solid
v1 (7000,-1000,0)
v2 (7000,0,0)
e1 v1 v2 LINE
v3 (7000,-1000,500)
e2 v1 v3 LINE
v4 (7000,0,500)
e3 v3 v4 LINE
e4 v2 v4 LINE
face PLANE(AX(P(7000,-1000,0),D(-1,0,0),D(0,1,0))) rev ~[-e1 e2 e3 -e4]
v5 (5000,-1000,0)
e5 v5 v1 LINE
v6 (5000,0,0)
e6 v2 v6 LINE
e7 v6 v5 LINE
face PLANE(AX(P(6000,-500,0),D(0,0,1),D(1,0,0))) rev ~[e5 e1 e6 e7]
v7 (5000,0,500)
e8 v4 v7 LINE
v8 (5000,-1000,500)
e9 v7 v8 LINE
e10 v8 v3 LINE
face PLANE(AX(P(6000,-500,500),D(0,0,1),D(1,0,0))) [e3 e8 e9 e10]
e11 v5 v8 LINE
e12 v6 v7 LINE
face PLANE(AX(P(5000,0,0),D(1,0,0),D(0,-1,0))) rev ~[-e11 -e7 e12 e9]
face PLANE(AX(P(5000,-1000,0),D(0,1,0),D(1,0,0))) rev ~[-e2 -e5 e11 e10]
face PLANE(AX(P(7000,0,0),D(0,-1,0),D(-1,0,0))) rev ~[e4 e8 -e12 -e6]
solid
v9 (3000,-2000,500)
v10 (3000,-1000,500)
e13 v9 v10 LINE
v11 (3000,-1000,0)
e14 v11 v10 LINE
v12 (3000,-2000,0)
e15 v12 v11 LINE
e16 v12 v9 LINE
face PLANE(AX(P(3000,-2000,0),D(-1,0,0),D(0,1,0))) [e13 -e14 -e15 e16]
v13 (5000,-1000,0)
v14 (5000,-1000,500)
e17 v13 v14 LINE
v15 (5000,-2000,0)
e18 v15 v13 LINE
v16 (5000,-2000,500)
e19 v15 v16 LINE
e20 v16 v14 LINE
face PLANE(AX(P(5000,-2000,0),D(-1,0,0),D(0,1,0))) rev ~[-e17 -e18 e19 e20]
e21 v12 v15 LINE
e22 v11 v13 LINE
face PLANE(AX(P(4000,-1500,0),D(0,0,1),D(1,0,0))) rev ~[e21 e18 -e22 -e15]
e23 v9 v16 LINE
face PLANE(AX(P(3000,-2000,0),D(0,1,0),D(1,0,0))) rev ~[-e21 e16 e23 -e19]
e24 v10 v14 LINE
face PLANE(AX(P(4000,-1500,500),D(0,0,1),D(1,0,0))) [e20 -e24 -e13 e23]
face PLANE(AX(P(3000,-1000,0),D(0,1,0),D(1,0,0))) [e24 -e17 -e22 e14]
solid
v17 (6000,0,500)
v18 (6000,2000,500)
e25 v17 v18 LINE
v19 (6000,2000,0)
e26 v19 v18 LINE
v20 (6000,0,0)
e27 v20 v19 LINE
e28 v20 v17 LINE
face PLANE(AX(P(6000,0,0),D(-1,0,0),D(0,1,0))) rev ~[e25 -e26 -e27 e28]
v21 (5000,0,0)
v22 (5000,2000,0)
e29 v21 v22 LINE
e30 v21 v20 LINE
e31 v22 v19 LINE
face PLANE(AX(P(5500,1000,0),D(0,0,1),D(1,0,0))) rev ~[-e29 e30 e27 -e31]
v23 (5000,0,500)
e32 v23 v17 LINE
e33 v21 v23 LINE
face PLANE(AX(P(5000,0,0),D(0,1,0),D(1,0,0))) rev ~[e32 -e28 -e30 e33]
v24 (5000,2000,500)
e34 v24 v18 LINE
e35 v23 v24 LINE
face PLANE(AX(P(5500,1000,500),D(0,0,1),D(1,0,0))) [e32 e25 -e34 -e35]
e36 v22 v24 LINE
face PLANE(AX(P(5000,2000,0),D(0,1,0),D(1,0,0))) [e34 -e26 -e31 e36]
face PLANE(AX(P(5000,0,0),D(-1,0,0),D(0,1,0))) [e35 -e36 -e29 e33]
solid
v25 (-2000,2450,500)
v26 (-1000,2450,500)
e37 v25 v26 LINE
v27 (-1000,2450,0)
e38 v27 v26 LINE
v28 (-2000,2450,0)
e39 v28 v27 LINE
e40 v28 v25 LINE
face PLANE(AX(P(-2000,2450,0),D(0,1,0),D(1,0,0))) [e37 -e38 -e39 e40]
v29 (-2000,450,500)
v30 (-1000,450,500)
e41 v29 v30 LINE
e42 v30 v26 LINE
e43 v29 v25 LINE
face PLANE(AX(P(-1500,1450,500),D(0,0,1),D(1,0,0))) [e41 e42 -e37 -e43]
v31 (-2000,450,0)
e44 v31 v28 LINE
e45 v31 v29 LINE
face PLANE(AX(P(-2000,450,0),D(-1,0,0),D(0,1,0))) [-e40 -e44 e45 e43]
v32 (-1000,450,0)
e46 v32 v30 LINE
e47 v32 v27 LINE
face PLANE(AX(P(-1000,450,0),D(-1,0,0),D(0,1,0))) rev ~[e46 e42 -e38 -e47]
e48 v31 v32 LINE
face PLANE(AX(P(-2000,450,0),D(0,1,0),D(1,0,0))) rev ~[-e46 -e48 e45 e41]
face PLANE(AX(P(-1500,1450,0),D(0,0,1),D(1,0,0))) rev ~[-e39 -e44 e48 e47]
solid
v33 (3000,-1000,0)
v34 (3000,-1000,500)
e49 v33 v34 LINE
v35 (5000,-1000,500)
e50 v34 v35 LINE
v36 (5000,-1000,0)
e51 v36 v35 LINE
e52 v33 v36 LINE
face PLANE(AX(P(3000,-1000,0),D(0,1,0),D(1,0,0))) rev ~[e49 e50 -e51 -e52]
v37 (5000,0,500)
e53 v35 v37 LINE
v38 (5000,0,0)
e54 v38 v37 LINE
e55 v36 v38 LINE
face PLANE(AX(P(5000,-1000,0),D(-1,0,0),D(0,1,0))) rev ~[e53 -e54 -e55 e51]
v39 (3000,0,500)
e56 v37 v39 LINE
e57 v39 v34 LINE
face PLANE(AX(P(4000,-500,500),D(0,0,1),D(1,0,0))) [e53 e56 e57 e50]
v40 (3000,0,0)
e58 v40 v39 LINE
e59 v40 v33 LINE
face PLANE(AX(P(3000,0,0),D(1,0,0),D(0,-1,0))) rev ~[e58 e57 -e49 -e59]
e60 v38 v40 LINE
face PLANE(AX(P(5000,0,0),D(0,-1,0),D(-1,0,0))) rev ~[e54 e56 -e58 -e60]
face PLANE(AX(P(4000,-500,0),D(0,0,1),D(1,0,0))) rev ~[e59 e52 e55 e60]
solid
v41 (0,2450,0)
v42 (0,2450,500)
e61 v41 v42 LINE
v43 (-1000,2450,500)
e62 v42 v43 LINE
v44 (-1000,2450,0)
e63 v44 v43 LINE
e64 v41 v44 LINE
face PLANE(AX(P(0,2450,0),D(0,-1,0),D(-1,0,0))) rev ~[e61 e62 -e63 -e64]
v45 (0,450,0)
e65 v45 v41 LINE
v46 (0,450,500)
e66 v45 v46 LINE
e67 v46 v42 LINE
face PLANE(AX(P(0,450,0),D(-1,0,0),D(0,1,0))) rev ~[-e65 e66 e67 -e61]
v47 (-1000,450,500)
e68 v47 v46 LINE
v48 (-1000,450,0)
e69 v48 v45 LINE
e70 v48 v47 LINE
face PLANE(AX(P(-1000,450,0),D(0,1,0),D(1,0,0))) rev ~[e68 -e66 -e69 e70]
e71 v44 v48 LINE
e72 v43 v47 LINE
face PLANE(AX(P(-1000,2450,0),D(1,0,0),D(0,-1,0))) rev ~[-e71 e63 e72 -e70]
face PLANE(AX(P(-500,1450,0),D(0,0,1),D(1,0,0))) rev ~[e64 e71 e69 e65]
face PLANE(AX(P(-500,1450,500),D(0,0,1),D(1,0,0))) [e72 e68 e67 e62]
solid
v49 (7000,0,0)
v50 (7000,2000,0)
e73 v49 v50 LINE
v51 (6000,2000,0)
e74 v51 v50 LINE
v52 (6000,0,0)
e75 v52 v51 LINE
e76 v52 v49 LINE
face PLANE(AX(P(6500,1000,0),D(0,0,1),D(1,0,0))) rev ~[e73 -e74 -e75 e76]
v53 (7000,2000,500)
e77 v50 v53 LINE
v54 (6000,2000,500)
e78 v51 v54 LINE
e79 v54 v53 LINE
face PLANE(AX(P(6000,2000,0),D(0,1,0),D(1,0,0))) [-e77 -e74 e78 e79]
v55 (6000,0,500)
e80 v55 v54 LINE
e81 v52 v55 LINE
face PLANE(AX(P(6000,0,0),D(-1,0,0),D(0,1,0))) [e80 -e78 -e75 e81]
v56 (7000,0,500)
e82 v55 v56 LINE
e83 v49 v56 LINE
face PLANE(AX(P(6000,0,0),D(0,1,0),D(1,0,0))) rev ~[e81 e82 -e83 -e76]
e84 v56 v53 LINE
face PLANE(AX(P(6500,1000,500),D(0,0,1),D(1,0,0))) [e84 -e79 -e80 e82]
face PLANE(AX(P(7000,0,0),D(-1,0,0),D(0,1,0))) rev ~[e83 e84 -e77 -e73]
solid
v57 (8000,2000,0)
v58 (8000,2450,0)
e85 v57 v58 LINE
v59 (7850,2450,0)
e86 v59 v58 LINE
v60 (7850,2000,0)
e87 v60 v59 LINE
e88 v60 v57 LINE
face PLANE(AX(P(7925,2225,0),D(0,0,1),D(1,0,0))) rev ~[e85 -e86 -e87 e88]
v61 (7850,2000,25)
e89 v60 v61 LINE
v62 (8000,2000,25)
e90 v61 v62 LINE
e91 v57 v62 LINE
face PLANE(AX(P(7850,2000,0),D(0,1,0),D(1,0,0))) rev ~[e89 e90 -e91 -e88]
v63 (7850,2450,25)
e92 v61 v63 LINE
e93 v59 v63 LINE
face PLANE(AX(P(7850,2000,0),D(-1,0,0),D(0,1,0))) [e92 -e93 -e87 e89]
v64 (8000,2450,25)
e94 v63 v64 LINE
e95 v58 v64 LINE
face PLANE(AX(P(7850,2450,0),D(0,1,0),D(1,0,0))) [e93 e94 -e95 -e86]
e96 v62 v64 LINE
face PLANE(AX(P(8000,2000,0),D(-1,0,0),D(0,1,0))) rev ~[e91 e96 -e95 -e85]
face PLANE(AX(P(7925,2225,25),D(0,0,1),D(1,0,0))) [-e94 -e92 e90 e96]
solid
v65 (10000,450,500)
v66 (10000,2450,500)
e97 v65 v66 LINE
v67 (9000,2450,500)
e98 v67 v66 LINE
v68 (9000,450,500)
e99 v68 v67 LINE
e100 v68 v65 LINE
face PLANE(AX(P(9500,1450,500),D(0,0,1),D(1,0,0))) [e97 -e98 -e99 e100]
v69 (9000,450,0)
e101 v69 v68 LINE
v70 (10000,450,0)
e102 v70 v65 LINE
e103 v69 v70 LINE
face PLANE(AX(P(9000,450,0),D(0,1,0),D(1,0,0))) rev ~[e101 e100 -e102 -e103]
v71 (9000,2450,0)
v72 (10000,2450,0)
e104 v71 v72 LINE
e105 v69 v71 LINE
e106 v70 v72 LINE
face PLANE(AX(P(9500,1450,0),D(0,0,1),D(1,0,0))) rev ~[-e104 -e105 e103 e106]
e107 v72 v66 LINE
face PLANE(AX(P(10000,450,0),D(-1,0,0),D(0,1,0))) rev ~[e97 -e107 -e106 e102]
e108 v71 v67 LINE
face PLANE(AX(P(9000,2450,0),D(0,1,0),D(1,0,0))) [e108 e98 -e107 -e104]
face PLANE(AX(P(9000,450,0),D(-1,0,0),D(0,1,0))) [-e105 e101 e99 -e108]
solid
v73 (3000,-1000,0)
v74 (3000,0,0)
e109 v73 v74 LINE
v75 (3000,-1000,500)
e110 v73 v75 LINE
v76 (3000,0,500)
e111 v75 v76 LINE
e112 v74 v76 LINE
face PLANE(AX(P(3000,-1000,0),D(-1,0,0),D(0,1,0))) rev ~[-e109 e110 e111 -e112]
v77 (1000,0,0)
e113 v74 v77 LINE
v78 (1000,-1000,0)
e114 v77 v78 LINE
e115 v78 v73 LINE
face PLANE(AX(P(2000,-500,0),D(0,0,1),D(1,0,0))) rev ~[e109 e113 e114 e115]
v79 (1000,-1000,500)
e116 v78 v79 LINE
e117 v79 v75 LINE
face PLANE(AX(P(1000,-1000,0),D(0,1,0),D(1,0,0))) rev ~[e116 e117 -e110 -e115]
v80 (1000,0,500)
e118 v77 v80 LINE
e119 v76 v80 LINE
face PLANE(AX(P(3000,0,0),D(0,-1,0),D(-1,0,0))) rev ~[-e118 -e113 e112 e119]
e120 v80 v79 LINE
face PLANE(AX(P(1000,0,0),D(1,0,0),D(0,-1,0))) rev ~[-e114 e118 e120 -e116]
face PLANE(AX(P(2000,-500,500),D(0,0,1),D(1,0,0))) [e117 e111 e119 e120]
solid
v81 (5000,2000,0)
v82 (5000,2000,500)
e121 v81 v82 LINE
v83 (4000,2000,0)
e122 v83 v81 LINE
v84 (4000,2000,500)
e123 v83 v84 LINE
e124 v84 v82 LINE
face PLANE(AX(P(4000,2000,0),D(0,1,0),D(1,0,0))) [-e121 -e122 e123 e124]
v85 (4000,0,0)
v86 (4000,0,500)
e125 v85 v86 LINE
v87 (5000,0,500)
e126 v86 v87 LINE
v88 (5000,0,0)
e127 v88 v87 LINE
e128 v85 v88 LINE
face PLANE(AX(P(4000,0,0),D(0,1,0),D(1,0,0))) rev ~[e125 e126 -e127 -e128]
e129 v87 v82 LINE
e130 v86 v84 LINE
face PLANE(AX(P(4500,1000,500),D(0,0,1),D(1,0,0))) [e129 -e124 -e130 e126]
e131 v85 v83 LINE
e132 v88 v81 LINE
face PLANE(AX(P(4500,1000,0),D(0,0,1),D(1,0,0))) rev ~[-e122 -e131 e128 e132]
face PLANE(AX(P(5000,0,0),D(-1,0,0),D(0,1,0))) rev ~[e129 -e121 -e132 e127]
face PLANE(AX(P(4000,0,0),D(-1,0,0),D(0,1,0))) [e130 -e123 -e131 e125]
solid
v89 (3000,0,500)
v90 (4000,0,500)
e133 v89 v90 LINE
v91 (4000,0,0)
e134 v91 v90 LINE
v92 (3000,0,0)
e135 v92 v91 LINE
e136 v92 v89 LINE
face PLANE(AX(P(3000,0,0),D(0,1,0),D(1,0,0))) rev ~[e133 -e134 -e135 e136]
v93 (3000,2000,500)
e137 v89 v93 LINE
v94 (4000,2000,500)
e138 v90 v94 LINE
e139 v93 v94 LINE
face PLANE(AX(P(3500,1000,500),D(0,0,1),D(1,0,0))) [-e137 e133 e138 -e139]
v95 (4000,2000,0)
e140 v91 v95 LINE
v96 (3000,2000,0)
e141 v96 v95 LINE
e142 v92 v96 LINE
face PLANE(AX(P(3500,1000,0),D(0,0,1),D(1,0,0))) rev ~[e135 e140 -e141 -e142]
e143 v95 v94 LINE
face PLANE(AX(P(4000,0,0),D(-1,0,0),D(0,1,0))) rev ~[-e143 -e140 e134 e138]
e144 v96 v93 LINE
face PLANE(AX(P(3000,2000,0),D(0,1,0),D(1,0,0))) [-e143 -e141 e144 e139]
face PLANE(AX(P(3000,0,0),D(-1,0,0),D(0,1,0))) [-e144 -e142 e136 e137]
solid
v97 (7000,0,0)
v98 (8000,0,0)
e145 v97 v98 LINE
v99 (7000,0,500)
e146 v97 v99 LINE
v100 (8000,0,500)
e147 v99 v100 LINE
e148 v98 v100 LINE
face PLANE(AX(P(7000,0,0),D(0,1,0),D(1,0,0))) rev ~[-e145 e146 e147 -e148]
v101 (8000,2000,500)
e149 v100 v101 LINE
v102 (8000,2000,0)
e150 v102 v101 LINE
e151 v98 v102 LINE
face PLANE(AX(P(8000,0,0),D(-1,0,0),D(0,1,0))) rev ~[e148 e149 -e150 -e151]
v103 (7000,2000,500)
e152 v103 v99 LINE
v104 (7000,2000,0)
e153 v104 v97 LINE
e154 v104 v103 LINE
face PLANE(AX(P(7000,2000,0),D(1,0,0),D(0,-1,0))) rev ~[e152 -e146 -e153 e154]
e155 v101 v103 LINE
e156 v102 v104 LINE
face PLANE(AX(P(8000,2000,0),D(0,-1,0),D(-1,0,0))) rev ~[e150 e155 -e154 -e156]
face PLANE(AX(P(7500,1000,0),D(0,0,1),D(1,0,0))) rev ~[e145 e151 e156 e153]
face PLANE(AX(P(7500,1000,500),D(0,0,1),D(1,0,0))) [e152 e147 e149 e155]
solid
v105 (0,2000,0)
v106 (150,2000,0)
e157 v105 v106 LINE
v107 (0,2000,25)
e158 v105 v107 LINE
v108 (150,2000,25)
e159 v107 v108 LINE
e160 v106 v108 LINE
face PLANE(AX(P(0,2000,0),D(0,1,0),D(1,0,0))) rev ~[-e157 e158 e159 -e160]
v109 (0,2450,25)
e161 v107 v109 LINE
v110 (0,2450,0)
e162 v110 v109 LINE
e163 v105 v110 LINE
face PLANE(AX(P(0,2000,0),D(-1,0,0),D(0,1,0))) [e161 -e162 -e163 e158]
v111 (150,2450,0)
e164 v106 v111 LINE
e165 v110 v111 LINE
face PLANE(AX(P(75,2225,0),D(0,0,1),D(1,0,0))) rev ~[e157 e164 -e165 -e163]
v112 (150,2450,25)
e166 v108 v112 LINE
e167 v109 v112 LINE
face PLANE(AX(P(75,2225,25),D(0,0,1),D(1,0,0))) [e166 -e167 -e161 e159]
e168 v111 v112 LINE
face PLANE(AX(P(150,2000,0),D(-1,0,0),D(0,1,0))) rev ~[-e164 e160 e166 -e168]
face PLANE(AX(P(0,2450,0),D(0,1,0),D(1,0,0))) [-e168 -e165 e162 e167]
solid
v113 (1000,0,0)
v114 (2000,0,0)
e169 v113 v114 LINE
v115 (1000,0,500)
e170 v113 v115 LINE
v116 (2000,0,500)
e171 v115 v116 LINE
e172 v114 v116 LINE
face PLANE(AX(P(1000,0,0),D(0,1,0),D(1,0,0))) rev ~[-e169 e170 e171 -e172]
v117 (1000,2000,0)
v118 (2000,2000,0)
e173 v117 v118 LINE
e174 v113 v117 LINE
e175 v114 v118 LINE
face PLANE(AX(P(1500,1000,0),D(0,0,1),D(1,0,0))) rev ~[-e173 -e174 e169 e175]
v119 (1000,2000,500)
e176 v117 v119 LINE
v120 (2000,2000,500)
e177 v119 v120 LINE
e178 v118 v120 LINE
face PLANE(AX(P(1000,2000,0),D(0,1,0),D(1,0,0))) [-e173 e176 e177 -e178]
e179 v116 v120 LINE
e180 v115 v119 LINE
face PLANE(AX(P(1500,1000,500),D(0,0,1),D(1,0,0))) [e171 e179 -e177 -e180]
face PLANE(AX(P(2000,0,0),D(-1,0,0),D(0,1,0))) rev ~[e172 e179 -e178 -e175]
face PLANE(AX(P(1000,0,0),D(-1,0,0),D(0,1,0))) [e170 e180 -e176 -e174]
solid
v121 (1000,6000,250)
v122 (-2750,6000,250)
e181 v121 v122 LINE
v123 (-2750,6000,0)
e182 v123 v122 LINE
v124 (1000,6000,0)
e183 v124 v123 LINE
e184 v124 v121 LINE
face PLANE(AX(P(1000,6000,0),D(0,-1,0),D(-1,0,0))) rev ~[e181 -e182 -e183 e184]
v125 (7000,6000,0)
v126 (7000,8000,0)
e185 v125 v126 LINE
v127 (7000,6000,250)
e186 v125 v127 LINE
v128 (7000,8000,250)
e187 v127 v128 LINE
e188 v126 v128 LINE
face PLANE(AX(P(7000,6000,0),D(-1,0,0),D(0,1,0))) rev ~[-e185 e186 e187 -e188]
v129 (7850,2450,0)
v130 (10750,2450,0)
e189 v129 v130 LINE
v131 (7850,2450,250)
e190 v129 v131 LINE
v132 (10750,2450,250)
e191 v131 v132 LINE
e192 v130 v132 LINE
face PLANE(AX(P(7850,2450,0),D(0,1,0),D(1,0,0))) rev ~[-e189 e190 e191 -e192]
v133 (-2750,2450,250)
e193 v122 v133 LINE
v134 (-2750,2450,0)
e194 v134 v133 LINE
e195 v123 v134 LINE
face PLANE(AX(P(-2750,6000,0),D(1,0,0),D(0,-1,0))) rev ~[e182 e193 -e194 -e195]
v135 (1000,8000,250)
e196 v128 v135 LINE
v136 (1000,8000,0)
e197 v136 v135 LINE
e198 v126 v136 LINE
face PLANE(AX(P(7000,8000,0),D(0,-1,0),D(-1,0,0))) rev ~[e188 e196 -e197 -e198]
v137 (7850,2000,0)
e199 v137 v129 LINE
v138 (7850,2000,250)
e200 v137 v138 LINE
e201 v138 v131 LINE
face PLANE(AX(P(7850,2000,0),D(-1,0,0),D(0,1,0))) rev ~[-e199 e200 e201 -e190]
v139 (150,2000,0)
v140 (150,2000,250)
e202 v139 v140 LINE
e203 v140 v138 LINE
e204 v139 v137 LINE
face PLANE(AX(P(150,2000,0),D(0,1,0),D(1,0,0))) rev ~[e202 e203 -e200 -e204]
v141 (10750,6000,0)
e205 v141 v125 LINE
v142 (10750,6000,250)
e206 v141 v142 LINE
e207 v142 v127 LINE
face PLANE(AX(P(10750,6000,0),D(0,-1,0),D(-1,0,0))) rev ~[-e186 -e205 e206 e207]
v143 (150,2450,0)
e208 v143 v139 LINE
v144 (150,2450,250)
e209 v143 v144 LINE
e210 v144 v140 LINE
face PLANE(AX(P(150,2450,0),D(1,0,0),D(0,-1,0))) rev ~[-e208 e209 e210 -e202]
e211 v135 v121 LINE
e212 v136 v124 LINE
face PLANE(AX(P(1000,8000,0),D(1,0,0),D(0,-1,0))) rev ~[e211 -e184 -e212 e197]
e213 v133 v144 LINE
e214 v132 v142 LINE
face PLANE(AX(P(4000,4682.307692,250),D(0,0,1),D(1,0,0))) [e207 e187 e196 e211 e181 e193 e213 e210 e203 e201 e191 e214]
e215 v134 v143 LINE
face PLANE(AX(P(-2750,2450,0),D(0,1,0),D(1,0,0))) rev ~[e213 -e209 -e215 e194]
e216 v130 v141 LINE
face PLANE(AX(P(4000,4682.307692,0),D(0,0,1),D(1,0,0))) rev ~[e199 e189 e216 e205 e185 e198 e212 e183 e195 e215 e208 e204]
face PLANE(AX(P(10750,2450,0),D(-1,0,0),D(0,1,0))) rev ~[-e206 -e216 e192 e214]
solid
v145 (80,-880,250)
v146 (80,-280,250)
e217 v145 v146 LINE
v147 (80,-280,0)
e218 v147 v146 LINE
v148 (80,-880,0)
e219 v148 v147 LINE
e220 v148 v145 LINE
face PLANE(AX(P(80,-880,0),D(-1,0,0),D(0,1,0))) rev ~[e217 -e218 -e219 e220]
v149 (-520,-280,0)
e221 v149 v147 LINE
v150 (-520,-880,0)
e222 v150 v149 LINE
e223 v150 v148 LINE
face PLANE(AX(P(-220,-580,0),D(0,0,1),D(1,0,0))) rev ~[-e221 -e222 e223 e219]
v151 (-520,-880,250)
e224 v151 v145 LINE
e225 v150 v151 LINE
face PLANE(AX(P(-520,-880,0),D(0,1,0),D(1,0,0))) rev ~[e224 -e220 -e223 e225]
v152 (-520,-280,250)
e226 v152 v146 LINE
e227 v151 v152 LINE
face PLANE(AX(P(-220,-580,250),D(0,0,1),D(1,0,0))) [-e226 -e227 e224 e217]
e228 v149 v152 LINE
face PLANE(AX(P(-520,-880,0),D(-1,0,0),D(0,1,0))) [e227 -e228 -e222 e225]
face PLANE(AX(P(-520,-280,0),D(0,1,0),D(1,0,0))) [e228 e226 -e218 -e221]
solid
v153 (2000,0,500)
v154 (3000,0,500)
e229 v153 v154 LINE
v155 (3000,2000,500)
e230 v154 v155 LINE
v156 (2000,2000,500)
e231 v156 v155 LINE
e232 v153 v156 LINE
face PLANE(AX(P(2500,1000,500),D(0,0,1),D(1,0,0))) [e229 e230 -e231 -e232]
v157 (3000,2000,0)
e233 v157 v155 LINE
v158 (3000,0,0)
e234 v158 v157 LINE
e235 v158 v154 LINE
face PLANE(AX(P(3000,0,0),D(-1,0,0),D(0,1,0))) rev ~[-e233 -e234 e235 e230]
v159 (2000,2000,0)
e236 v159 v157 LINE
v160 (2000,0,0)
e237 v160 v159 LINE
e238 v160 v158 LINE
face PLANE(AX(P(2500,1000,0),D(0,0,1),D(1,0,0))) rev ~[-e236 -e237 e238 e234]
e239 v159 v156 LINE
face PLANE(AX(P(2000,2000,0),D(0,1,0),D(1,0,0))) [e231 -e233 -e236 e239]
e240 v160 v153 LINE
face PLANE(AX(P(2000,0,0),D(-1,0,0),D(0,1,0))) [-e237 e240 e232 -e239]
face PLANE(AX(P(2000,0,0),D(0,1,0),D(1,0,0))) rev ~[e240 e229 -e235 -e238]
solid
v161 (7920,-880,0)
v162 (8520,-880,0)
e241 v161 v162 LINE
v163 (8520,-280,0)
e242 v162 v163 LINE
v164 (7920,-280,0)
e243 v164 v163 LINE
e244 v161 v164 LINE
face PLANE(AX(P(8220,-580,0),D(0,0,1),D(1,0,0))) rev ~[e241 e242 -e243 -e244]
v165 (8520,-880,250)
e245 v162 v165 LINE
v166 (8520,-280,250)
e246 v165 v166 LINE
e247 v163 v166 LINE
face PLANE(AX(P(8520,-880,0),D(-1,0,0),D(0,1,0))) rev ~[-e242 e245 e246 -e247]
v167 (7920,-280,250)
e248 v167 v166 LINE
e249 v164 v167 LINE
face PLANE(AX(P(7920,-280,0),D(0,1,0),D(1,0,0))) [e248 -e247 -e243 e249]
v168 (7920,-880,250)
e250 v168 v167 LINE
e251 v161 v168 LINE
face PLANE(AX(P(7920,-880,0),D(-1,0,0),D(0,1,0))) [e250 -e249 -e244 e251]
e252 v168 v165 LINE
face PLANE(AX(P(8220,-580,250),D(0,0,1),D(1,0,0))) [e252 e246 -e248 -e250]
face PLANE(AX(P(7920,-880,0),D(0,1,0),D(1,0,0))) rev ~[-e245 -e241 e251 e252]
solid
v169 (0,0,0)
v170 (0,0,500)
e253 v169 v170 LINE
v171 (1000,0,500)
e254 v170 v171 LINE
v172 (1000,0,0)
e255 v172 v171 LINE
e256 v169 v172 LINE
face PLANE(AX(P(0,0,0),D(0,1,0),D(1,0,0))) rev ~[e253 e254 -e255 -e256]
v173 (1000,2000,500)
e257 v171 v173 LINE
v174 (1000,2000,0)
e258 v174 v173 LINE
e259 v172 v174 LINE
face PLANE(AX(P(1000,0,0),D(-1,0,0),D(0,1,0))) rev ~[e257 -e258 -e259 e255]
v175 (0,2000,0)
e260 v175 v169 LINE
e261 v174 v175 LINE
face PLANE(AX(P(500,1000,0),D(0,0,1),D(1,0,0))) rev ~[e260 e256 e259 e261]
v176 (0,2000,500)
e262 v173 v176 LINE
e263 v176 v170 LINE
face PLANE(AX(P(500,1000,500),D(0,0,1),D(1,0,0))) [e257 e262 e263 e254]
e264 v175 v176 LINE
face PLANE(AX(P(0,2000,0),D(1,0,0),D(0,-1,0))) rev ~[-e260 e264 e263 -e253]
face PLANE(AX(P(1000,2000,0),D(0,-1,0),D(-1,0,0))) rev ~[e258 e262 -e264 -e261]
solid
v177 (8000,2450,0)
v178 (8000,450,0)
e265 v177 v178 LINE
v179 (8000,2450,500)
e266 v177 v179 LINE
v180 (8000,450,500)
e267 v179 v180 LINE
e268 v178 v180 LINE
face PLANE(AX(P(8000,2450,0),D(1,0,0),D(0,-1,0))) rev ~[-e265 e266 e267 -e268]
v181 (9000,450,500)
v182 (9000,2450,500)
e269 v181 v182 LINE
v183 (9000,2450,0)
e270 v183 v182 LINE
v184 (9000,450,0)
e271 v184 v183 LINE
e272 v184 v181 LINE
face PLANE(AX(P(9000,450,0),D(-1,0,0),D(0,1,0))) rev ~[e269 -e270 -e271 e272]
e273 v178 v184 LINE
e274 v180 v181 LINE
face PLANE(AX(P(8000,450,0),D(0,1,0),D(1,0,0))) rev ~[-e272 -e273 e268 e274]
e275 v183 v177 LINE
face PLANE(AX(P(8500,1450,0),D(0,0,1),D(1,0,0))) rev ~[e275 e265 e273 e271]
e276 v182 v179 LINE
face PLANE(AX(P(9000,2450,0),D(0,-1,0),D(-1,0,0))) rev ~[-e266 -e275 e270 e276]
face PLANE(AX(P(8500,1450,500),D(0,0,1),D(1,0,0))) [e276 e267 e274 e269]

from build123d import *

# Parameters (mm, degrees)
F0_W     = 1000
F0_H     = 2000
F1_DEPTH = 500
F2_DEPTH = 500
F3_DEPTH = 500
F0_W_2   = 2000
F0_H_2   = 1000
F4_DEPTH = 500
F0_W_3   = 150
F0_H_3   = 450
F5_DEPTH = 25
F6_DEPTH = 500
F0_W_4   = 600
F0_H_4   = 600
F7_DEPTH = 250


with BuildPart() as f1:
    # F0 (on Top) → F1 (new body)
    with BuildSketch(Plane.XY):
        with Locations((-1500, 1450)):
            Rectangle(F0_W, F0_H)
    extrude(amount=F1_DEPTH)


with BuildPart() as f2:
    # F0 (on Top) → F2 (new body)
    with BuildSketch(Plane.XY):
        Polygon((0, 450), (0, 0), (1000, 0), (1000, 2000), (150, 2000), (0, 2000), align=None)
        with Locations((2500, 1000)):
            Rectangle(F0_W, F0_H)
        with Locations((4500, 1000)):
            Rectangle(F0_W, F0_H)
        with Locations((6500, 1000)):
            Rectangle(F0_W, F0_H)
        Polygon((8000, 2000), (8000, 450), (9000, 450), (9000, 2450), (8000, 2450), align=None)
    extrude(amount=F2_DEPTH)


with BuildPart() as f3:
    # F0 (on Top) → F3 (new body)
    with BuildSketch(Plane.XY):
        Polygon((-1000, 450), (0, 450), (0, 2000), (0, 2450), (-1000, 2450), align=None)
        with Locations((1500, 1000)):
            Rectangle(F0_W, F0_H)
        with Locations((3500, 1000)):
            Rectangle(F0_W, F0_H)
        with Locations((5500, 1000)):
            Rectangle(F0_W, F0_H)
        Polygon((7000, 2000), (7000, 0), (8000, 0), (8000, 450), (8000, 2000), (7850, 2000), align=None)
        with Locations((9500, 1450)):
            Rectangle(F0_W, F0_H)
    extrude(amount=F3_DEPTH)


with BuildPart() as f4:
    # F0 (on Top) → F4 (new body)
    with BuildSketch(Plane.XY):
        Polygon((2000, 0), (1000, 0), (1000, -1000), (3000, -1000), (3000, 0), align=None)
        with Locations((4000, -1500)):
            Rectangle(F0_W_2, F0_H_2)
        Polygon((5000, 0), (5000, -1000), (7000, -1000), (7000, 0), (6000, 0), align=None)
    extrude(amount=F4_DEPTH)


with BuildPart() as f5:
    # F0 (on Top) → F5 (new body)
    with BuildSketch(Plane.XY):
        with Locations((75, 2225)):
            Rectangle(F0_W_3, F0_H_3)
        with Locations((7925, 2225)):
            Rectangle(F0_W_3, F0_H_3)
    extrude(amount=F5_DEPTH)


with BuildPart() as f6:
    # F0 (on Top) → F6 (new body)
    with BuildSketch(Plane.XY):
        Polygon((4000, 0), (3000, 0), (3000, -1000), (5000, -1000), (5000, 0), align=None)
    extrude(amount=F6_DEPTH)


with BuildPart() as f7:
    # F0 (on Top) → F7 (new body)
    with BuildSketch(Plane.XY):
        Polygon((150, 2000), (1000, 2000), (2000, 2000), (3000, 2000), (4000, 2000), (5000, 2000), (6000, 2000), (7000, 2000), (7850, 2000), (7850, 2450), (8000, 2450), (9000, 2450), (10000, 2450), (10750, 2450), (10750, 6000), (7000, 6000), (7000, 8000), (1000, 8000), (1000, 6000), (-2750, 6000), (-2750, 2450), (-2000, 2450), (-1000, 2450), (0, 2450), (150, 2450), align=None)
        with Locations((-220, -580)):
            Rectangle(F0_W_4, F0_H_4)
        with Locations((8220, -580)):
            Rectangle(F0_W_4, F0_H_4)
    extrude(amount=F7_DEPTH)


solid = Compound([f1.part, f2.part, f3.part, f4.part, f5.part, f6.part, f7.part])
